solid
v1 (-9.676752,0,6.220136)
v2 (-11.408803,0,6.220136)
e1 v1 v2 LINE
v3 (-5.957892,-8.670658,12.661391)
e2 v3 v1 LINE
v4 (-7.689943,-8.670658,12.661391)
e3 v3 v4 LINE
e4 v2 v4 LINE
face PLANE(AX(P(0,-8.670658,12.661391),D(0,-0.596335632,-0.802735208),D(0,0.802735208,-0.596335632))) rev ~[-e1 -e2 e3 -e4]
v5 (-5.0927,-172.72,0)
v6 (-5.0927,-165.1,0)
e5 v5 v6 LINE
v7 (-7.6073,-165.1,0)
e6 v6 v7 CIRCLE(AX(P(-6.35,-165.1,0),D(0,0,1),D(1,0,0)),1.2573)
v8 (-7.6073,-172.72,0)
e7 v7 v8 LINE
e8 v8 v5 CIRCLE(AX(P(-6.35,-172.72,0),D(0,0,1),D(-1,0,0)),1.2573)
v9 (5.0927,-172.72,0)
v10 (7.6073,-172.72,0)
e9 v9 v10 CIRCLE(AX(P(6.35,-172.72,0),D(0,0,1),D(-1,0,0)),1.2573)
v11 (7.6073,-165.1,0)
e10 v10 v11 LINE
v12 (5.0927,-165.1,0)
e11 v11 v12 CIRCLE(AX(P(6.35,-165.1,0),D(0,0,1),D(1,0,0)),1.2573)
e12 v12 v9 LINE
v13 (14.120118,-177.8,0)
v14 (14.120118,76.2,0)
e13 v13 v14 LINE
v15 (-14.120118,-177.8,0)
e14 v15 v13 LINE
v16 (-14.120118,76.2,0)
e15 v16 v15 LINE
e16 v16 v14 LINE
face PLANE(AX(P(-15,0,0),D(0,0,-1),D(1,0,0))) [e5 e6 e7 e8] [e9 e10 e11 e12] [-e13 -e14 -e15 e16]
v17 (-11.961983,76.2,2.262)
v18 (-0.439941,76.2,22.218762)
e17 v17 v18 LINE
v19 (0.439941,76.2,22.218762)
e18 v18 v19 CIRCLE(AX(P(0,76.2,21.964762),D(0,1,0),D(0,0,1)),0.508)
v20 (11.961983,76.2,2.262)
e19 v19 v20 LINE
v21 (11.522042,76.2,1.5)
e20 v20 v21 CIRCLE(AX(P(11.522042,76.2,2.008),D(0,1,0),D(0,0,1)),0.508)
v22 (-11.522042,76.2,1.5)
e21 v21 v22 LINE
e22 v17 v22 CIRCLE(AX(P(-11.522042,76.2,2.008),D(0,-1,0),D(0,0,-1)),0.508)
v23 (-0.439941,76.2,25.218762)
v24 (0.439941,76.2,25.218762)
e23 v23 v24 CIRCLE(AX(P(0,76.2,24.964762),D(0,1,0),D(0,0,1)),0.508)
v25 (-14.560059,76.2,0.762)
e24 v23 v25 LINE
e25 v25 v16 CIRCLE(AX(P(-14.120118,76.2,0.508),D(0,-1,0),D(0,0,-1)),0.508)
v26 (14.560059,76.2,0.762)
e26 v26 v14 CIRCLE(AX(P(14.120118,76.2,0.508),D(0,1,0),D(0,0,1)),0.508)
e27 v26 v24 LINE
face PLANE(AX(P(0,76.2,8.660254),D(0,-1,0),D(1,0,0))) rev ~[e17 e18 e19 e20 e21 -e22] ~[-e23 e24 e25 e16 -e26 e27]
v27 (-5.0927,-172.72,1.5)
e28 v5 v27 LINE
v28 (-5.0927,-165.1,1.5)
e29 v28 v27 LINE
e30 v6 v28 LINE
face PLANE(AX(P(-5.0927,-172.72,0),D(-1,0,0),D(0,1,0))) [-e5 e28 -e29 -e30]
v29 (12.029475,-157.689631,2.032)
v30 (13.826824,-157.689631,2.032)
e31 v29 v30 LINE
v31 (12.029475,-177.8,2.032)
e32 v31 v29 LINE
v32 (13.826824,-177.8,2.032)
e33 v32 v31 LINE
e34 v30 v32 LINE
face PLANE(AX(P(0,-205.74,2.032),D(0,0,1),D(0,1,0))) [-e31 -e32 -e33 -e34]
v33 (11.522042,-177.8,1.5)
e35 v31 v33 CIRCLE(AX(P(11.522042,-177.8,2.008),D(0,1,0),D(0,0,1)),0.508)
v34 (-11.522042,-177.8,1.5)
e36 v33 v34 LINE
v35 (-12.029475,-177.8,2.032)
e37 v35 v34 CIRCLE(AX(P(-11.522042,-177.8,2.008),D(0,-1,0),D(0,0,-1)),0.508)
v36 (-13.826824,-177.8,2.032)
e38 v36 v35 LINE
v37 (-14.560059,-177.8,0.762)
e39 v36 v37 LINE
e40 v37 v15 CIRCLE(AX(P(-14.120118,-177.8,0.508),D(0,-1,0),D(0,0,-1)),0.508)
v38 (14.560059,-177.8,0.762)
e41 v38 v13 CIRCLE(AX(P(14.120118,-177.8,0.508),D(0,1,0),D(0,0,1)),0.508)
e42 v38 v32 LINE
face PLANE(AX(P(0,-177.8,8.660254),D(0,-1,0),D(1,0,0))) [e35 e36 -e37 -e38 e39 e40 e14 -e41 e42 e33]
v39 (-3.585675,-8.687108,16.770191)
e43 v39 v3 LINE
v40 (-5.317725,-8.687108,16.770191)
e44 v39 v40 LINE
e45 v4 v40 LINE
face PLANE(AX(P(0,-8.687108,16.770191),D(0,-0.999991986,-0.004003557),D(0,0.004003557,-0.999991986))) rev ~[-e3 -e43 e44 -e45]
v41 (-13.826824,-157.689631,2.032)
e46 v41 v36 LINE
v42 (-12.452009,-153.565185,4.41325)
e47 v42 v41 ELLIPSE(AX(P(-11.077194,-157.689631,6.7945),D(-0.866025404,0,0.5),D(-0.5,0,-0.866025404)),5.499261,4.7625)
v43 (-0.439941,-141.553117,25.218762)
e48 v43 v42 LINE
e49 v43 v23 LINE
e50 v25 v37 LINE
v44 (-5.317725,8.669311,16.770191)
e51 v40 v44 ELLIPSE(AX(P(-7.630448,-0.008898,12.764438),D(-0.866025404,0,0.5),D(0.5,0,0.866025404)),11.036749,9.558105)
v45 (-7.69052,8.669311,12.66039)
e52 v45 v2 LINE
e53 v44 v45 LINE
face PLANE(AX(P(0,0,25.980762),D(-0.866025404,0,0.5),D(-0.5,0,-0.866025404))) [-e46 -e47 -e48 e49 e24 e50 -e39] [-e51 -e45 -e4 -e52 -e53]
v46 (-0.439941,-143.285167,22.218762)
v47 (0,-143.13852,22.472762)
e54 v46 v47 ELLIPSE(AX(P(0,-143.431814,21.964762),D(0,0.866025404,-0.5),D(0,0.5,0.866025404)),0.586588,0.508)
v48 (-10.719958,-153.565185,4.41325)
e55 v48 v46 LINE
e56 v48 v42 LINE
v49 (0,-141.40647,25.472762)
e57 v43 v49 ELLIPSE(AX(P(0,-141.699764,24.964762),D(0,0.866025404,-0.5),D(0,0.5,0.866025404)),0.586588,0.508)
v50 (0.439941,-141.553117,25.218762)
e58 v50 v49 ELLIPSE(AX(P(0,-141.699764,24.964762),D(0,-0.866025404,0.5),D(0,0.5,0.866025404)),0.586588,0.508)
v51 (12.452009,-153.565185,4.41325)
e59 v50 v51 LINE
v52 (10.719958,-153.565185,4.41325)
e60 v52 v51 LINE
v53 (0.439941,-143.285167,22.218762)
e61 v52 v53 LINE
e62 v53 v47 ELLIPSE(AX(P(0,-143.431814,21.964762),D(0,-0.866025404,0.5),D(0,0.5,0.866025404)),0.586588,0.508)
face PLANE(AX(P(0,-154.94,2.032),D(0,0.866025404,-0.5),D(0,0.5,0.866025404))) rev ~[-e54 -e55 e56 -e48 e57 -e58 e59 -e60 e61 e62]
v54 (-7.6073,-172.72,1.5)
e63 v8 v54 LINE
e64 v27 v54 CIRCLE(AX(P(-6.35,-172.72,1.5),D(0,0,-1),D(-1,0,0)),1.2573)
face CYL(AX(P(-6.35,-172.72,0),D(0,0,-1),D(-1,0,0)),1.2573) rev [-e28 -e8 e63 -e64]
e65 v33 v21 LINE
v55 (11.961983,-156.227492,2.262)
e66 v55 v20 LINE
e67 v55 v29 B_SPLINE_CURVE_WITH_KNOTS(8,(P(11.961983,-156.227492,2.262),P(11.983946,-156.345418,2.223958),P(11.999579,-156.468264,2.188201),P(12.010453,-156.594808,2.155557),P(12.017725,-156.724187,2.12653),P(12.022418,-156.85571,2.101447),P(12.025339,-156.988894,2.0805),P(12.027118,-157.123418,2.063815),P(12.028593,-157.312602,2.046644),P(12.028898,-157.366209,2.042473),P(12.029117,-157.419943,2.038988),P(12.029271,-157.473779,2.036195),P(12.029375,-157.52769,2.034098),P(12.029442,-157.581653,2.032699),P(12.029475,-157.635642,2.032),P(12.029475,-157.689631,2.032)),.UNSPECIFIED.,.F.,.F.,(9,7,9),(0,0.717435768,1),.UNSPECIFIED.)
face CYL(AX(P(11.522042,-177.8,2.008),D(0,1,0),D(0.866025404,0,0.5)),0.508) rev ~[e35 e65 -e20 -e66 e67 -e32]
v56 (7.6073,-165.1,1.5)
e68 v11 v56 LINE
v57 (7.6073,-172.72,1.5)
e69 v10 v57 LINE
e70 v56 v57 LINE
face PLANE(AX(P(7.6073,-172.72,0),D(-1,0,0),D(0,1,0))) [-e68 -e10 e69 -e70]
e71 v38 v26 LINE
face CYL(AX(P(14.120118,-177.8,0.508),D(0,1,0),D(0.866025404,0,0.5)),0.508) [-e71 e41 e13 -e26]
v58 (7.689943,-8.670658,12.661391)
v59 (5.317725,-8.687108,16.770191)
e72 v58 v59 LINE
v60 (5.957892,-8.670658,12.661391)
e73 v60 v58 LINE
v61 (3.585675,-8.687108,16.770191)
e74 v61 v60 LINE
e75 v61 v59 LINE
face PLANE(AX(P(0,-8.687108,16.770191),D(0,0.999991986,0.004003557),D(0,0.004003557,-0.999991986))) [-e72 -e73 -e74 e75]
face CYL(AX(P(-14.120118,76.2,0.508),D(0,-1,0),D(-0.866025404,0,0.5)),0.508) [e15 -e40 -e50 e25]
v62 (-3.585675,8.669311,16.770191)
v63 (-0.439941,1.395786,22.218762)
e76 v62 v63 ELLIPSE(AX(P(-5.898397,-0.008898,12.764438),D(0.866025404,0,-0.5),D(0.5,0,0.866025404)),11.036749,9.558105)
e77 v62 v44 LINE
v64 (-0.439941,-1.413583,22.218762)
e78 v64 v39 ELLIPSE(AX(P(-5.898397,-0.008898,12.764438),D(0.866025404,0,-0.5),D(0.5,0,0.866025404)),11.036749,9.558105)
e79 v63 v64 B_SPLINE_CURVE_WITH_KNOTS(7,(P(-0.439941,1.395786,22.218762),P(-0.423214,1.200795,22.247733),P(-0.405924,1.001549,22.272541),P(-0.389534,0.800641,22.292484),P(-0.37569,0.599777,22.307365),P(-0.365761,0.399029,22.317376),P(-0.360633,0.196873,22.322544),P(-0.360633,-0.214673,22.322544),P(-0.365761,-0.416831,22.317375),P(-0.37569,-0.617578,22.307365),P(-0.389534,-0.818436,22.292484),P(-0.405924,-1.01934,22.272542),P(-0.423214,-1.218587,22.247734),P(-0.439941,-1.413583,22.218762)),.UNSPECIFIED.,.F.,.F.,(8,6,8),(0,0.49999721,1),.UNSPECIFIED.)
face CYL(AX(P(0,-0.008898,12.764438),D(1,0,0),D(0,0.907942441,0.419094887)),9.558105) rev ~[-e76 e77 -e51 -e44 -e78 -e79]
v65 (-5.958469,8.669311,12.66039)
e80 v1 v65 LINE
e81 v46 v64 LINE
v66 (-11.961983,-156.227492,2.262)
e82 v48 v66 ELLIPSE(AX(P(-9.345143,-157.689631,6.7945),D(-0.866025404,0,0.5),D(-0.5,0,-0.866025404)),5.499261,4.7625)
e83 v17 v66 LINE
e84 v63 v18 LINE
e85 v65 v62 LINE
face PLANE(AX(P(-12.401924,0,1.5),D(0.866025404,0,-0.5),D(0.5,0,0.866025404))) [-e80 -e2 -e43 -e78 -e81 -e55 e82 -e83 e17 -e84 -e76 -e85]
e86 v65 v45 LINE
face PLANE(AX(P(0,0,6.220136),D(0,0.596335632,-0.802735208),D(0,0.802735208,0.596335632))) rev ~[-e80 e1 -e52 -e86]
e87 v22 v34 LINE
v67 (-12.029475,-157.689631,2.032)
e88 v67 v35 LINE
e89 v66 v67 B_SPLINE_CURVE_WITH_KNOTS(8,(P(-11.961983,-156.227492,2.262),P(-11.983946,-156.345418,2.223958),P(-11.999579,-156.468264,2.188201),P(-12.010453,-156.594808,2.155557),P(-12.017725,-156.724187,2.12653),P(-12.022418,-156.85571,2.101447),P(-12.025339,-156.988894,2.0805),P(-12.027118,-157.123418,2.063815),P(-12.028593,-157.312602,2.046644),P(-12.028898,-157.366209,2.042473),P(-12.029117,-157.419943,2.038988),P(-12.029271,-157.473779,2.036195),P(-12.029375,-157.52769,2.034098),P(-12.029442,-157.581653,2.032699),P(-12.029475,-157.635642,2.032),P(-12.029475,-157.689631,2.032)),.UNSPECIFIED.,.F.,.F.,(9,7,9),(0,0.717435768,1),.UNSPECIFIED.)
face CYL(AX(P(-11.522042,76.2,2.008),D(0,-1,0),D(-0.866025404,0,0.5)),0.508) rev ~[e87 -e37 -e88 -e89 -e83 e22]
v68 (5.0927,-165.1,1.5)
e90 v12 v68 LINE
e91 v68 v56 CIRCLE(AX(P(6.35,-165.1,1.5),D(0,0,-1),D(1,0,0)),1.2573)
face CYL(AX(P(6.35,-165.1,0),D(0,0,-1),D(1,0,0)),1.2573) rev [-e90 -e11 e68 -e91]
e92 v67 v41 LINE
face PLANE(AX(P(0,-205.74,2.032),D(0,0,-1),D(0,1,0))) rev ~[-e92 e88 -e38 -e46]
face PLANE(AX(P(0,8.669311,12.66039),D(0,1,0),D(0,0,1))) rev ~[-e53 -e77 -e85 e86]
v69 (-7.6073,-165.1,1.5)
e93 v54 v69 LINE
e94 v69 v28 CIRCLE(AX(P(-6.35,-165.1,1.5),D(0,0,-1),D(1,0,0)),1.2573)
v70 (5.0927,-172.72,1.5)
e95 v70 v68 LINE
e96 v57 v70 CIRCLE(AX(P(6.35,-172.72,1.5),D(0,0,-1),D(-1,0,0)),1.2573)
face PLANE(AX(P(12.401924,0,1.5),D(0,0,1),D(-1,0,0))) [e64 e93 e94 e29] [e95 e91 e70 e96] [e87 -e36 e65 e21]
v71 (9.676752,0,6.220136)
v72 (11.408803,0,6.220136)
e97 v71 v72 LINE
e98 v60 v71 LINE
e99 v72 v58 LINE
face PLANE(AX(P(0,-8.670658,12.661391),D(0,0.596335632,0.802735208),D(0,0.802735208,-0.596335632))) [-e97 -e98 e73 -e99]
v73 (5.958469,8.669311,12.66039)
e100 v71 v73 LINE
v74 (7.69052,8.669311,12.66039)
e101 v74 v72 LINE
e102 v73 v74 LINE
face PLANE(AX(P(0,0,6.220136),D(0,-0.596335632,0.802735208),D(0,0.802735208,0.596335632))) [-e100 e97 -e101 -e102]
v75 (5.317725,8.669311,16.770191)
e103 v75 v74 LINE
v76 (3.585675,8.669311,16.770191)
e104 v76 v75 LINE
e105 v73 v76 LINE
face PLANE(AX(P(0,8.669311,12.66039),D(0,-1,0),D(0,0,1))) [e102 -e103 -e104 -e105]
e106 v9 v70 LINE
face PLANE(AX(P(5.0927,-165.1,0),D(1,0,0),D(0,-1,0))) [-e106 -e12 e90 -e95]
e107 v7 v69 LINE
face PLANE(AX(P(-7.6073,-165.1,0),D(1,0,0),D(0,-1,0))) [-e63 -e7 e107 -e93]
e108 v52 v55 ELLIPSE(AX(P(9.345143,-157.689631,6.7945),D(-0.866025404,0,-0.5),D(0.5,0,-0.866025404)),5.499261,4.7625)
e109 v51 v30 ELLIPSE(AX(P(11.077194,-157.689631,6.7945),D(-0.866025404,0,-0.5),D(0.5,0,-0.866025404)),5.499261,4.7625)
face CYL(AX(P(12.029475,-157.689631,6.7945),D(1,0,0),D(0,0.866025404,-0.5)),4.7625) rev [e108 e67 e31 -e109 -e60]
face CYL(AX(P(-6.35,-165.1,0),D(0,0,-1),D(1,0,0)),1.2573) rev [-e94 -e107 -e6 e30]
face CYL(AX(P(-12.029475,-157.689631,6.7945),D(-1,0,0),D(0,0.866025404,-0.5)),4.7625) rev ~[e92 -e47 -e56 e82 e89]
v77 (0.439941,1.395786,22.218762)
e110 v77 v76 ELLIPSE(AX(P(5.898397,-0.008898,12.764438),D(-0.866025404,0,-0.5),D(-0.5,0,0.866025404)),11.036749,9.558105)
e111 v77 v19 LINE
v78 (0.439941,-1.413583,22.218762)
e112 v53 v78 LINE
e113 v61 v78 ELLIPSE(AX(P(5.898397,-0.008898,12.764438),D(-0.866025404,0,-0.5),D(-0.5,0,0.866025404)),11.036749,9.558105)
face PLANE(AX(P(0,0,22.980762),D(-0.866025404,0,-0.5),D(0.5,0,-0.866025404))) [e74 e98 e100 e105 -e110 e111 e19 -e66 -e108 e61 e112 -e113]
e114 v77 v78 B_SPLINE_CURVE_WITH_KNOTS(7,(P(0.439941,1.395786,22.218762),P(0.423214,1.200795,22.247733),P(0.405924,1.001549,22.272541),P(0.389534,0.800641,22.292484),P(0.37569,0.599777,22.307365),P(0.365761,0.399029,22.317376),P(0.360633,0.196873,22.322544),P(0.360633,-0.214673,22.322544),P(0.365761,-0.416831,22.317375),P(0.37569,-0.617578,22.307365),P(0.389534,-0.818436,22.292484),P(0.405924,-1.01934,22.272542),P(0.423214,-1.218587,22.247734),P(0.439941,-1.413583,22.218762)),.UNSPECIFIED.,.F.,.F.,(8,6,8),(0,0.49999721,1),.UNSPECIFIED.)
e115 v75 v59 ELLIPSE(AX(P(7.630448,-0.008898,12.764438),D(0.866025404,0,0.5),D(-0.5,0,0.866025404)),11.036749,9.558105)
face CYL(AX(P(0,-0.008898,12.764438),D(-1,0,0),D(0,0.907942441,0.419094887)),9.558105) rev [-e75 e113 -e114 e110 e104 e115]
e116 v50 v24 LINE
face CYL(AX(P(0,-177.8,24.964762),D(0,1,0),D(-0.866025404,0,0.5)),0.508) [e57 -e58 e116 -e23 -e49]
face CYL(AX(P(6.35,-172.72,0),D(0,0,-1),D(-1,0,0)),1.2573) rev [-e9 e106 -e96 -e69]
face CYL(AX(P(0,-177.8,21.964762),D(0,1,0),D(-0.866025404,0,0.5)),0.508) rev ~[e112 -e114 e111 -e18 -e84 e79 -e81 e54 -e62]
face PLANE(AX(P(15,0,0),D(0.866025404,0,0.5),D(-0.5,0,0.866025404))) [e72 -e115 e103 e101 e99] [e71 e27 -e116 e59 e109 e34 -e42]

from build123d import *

# Parameters (mm, degrees)
F1_DEPTH      = 177.8
F1_DEPTH_BACK = 76.2
F2_R          = 0.508
F4_DEPTH      = 14.6291181898
F4_DEPTH_BACK = 14.6291181898
F6_DEPTH      = 25.4737621135
F8_DEPTH      = 14.6291181898
F8_DEPTH_BACK = 14.6291181898
F9_R          = 4.7625


with BuildPart() as f1:
    # F0 (on Front) → F1 (new body, two sides)
    with BuildSketch(Plane.XZ) as f1_sk:
        Polygon((0, 25.9807621135), (-15, 0), (15, 0), align=None)
        Polygon((-12.4019237886, 1.5), (0, 22.9807621135), (12.4019237886, 1.5), align=None, mode=Mode.SUBTRACT)
    extrude(amount=F1_DEPTH)
    extrude(f1_sk.sketch, amount=-F1_DEPTH_BACK)

    # F2
    f2_edges = [f1.edges().sort_by_distance(p)[0] for p in [
        (0, -50.8, 25.980762),
        (15, -50.8, 0),
        (-15, -50.8, 0),
        (-12.401924, -50.8, 1.5),
        (0, -50.8, 22.980762),
        (12.401924, -50.8, 1.5),
    ]]
    fillet(f2_edges, radius=F2_R)

    # F3 (on Right) → F4 (cut, two sides)
    with BuildSketch(Plane.YZ) as f4_sk:
        with BuildLine():
            Line((-8.6871078238, 16.7701914907), (-8.6706578732, 12.6613909379))
            Line((-8.6706578732, 12.6613909379), (0, 6.2201358425))
            Line((0, 6.2201358425), (8.6693109221, 12.6603903153))
            Line((8.6693109221, 12.6603903153), (8.6693109221, 16.7701914907))
            ThreePointArc((8.6693109221, 16.7701914907), (-0.0088984509, 22.3225436807), (-8.6871078238, 16.7701914907))
        make_face()
    extrude(amount=-F4_DEPTH, mode=Mode.SUBTRACT)
    extrude(f4_sk.sketch, amount=F4_DEPTH_BACK, mode=Mode.SUBTRACT)

    # F5 (on Top) → F6 (cut, through all)
    with BuildSketch(Plane.XY):
        with BuildLine():
            Line((-5.0927, -172.72), (-5.0927, -165.1))
            ThreePointArc((-5.0927, -165.1), (-6.35, -163.8427), (-7.6073, -165.1))
            Line((-7.6073, -165.1), (-7.6073, -172.72))
            ThreePointArc((-7.6073, -172.72), (-6.35, -173.9773), (-5.0927, -172.72))
        make_face()
        with BuildLine():
            ThreePointArc((7.6073, -165.1), (6.35, -163.8427), (5.0927, -165.1))
            Line((5.0927, -165.1), (5.0927, -172.72))
            ThreePointArc((5.0927, -172.72), (6.35, -173.9773), (7.6073, -172.72))
            Line((7.6073, -172.72), (7.6073, -165.1))
        make_face()
    extrude(amount=F6_DEPTH, mode=Mode.SUBTRACT)

    # F7 (on Right) → F8 (cut, two sides)
    with BuildSketch(Plane.YZ) as f8_sk:
        Polygon((-204.1564583778, 33.782), (-205.74, 2.032), (-154.94, 2.032), (-136.6091289532, 33.782), align=None)
    extrude(amount=-F8_DEPTH, mode=Mode.SUBTRACT)
    extrude(f8_sk.sketch, amount=F8_DEPTH_BACK, mode=Mode.SUBTRACT)

    # F9
    f9_edges = [f1.edges().sort_by_distance(p)[0] for p in [
        (12.928149, -154.94, 2.032),
        (-12.928149, -154.94, 2.032),
    ]]
    fillet(f9_edges, radius=F9_R)


solid = f1.part
